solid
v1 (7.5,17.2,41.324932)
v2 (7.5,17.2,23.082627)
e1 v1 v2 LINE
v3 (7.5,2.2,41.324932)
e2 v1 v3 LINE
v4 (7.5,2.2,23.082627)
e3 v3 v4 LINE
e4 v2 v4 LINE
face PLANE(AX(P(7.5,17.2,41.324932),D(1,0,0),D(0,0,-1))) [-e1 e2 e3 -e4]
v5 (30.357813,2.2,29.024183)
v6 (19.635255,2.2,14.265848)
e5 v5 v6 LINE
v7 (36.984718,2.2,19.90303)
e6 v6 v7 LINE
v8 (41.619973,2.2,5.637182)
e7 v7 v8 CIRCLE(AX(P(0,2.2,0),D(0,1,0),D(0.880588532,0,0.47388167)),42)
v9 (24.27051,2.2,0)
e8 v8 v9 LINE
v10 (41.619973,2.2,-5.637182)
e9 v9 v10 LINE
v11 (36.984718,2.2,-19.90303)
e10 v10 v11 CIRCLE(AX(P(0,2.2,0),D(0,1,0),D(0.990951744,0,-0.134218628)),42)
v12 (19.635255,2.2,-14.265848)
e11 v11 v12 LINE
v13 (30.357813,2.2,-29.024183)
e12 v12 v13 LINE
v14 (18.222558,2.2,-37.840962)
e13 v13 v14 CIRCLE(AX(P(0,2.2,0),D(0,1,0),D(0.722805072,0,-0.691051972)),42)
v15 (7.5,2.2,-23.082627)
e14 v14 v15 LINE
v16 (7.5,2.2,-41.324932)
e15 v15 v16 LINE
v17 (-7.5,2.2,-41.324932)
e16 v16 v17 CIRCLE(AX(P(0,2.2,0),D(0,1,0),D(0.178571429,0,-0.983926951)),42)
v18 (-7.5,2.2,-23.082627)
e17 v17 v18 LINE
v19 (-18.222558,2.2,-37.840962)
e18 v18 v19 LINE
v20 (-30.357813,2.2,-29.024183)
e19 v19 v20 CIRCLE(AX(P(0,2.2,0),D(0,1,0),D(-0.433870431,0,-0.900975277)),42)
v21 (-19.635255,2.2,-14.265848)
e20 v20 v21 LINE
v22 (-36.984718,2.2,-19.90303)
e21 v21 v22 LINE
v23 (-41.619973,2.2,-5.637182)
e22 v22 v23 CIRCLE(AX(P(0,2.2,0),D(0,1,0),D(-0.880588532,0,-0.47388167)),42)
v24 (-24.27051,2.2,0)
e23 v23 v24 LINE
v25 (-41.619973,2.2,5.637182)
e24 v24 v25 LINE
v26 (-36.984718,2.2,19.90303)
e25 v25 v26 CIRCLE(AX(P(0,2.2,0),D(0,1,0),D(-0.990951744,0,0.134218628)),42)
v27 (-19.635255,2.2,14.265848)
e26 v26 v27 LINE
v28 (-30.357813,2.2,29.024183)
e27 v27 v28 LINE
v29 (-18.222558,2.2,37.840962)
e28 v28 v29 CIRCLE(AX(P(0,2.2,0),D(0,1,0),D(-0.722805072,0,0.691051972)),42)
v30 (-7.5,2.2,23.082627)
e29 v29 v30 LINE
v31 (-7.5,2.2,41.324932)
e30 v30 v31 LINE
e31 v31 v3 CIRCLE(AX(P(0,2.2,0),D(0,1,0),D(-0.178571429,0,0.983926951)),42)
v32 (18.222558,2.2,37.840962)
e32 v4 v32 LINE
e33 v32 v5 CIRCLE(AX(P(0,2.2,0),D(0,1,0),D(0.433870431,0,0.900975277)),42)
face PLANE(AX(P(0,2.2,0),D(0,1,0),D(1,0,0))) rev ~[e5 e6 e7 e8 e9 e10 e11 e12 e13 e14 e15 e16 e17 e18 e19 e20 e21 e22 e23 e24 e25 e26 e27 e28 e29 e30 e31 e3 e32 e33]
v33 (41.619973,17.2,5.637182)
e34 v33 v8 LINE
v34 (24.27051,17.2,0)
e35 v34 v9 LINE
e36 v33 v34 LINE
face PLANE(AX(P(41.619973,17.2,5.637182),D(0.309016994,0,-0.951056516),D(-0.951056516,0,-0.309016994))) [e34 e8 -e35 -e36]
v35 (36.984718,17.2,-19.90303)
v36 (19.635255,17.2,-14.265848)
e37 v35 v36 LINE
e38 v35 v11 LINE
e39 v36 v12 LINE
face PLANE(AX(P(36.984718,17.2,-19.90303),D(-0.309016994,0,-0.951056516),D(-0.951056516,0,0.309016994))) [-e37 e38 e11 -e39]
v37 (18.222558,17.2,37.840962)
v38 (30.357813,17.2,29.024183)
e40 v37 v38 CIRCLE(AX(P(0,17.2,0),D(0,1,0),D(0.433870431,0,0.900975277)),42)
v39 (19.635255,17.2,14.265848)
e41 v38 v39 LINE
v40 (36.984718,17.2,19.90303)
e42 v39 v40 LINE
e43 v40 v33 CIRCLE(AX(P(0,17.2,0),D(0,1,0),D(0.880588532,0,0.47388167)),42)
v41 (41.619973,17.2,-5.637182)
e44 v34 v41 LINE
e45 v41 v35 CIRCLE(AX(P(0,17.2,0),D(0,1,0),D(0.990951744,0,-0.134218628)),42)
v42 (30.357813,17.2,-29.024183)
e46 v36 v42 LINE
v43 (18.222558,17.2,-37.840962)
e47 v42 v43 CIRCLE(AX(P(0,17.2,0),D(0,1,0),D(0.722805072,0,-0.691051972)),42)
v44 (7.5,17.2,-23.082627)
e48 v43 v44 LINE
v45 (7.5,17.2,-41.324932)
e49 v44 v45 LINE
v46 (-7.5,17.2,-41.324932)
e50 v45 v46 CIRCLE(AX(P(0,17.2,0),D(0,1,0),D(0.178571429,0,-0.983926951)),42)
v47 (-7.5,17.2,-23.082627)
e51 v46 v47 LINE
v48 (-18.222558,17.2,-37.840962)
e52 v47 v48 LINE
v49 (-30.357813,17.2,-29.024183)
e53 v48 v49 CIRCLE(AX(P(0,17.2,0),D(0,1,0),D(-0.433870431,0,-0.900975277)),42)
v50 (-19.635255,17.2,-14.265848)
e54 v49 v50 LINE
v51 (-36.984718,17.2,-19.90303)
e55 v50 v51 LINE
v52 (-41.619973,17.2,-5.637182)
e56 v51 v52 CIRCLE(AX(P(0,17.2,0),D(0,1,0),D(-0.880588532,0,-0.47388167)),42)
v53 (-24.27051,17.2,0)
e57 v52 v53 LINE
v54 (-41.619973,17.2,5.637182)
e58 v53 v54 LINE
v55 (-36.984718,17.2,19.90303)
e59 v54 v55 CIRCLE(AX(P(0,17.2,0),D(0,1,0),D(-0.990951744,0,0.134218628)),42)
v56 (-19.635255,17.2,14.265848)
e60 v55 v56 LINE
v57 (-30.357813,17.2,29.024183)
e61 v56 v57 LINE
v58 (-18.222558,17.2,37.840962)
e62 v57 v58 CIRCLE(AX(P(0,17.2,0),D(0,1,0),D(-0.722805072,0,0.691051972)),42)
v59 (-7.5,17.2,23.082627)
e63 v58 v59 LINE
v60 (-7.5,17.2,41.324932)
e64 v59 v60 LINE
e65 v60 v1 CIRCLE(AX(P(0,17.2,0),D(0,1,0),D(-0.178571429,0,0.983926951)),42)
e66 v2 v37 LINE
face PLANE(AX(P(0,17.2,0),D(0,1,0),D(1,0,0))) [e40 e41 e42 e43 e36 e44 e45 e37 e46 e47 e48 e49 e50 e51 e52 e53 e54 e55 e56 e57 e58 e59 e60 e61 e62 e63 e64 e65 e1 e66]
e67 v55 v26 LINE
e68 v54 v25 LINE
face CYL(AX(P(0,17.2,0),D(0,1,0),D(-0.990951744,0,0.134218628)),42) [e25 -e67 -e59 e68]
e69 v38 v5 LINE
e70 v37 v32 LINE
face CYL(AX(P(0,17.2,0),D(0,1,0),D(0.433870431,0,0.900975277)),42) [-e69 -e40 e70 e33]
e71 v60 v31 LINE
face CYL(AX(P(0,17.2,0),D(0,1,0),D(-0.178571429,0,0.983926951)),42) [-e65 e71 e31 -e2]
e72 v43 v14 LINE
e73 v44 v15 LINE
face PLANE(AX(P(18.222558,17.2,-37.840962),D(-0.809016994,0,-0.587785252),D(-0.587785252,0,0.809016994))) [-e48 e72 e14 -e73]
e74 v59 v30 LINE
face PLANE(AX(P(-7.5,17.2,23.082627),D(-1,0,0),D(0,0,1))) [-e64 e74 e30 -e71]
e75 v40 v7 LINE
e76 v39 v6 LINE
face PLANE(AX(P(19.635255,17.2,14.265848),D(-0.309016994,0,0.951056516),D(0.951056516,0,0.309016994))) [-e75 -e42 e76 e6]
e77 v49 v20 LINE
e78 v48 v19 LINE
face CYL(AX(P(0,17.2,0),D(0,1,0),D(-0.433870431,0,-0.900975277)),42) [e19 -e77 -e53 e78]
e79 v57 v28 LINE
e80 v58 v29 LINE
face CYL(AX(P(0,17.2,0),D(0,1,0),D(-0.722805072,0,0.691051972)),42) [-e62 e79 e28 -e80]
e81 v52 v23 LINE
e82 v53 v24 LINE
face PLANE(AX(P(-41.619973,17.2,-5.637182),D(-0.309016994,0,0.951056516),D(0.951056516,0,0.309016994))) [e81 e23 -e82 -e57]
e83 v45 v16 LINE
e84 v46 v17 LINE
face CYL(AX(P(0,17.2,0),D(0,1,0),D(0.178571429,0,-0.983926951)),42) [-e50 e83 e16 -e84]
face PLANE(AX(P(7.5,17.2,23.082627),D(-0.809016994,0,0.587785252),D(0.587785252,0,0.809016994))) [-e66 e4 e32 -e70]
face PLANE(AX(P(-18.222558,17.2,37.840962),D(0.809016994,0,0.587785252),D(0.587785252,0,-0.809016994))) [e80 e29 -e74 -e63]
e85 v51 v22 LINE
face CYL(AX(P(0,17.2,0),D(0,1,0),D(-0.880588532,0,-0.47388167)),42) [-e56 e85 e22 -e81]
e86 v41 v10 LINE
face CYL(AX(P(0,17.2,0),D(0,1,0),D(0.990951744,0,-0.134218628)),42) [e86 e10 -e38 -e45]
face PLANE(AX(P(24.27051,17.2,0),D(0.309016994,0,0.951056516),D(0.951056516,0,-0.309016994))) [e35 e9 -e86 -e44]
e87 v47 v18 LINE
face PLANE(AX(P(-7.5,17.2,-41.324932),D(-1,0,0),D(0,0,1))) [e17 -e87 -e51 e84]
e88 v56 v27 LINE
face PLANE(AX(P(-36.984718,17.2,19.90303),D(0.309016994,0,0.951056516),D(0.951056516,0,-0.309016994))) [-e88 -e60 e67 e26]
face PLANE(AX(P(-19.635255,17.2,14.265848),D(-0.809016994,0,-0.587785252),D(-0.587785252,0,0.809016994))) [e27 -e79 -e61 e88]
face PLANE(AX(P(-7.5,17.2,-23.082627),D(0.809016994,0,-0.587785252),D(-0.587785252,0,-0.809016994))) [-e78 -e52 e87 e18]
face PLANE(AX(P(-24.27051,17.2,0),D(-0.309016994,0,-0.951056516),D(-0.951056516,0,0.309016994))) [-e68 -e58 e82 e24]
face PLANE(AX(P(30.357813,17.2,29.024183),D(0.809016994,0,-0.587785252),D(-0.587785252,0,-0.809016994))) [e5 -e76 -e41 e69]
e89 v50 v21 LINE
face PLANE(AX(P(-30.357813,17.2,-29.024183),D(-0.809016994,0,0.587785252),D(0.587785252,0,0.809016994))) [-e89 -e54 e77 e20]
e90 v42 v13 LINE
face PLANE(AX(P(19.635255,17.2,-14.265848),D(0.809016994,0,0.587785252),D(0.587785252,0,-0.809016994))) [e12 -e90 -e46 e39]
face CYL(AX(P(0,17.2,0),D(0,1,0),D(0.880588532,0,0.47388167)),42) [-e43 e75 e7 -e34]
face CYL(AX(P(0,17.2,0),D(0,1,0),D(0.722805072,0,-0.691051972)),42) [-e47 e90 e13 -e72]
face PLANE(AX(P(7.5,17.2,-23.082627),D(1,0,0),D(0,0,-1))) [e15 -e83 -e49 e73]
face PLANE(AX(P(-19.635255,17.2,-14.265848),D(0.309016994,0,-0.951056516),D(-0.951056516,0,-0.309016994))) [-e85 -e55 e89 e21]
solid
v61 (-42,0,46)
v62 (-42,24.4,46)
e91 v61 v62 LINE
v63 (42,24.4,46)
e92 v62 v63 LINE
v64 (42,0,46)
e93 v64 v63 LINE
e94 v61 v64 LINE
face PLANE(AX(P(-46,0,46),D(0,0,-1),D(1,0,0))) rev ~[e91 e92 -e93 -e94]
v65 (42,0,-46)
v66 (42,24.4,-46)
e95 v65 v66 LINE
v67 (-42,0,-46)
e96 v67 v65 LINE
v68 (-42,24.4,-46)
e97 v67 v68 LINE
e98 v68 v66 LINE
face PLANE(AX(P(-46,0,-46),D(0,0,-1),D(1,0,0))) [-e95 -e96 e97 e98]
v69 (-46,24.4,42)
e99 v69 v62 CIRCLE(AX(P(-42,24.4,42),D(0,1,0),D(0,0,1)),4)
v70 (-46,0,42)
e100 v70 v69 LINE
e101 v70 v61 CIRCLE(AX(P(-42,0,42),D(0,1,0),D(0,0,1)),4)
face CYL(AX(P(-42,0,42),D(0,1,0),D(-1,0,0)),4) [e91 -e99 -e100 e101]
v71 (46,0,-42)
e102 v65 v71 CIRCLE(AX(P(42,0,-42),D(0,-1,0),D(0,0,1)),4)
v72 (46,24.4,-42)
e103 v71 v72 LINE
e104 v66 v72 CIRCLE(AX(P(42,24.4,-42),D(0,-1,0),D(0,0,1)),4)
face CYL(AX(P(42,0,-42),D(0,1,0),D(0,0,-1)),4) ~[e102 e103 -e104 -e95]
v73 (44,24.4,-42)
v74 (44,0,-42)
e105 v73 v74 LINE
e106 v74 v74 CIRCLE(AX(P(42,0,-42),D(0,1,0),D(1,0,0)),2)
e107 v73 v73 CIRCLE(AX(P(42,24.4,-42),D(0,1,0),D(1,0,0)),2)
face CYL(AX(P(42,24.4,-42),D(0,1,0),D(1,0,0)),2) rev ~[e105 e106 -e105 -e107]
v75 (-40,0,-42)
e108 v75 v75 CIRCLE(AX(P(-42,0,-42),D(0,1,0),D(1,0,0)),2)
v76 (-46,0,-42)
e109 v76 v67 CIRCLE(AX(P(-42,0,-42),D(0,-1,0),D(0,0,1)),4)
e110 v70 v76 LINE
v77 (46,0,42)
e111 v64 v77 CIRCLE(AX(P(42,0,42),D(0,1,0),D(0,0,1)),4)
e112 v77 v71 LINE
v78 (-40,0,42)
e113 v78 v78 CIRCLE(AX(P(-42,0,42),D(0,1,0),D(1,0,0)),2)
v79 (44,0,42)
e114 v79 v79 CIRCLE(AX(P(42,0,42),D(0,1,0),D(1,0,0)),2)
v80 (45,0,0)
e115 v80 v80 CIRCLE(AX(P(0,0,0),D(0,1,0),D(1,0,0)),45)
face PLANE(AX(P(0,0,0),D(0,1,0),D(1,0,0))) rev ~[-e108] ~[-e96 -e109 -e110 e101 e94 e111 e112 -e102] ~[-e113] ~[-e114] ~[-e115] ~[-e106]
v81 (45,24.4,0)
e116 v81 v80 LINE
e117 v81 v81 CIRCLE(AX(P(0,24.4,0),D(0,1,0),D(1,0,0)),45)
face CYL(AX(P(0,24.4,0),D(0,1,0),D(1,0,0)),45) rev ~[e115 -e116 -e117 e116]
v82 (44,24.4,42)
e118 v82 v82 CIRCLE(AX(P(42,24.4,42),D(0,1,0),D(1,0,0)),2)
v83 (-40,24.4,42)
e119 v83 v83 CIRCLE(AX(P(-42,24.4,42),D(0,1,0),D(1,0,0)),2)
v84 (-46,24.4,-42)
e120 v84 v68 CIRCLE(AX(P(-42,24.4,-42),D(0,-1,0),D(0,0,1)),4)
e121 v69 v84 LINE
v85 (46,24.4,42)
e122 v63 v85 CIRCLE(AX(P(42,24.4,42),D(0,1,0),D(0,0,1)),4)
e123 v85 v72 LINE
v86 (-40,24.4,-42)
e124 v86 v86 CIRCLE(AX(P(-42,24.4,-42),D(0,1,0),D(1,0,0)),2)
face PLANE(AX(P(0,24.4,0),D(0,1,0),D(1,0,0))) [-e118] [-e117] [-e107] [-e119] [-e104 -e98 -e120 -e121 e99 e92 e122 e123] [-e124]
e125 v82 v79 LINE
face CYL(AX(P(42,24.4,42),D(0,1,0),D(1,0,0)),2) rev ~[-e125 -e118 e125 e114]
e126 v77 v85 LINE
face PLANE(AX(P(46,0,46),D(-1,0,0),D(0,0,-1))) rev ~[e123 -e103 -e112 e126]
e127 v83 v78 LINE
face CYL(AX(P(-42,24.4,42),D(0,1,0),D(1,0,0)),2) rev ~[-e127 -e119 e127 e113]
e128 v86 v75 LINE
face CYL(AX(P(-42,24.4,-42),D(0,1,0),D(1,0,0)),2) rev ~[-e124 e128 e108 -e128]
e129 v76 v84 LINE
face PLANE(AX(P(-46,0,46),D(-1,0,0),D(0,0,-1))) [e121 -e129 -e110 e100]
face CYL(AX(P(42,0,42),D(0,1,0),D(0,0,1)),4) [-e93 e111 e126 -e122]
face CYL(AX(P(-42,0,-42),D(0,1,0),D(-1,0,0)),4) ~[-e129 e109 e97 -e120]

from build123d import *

# Parameters (mm, degrees)
ESBO_O1_W                = 92
ESBO_O1_H                = 92
RESSALTO_EXTRUS_O1_DEPTH = 24.4
ESBO_O2_R                = 2
CORTE_EXTRUS_O1_DEPTH    = 25.4
FILETE1_R                = 4
ESBO_O3_R                = 45
CORTE_EXTRUS_O3_DEPTH    = 25.4
RESSALTO_EXTRUS_O2_DEPTH = 15


with BuildPart() as part:
    # Esboço1 → Ressalto-extrusão1 (new body)
    with BuildSketch(Plane(origin=(0, 0, 0), x_dir=(1, 0, 0), z_dir=(0, 1, 0))):
        Rectangle(ESBO_O1_W, ESBO_O1_H)
    extrude(amount=RESSALTO_EXTRUS_O1_DEPTH)

    # Esboço2 → Corte-extrusão1 (cut, through all)
    with BuildSketch(Plane(origin=(0, 24.4, 0), x_dir=(1, 0, 0), z_dir=(0, 1, 0))):
        with Locations((42, 42)):
            Circle(ESBO_O2_R)
        with Locations((-42, 42)):
            Circle(ESBO_O2_R)
        with Locations((42, -42)):
            Circle(ESBO_O2_R)
        with Locations((-42, -42)):
            Circle(ESBO_O2_R)
    extrude(amount=-CORTE_EXTRUS_O1_DEPTH, mode=Mode.SUBTRACT)

    # Filete1
    filete1_edges = [part.edges().sort_by_distance(p)[0] for p in [
        (-46, 12.2, -46),
        (46, 12.2, -46),
        (46, 12.2, 46),
        (-46, 12.2, 46),
    ]]
    fillet(filete1_edges, radius=FILETE1_R)

    # Esboço3 → Corte-extrusão3 (cut, through all)
    with BuildSketch(Plane(origin=(0, 24.4, 0), x_dir=(1, 0, 0), z_dir=(0, 1, 0))):
        Circle(ESBO_O3_R)
    extrude(amount=-CORTE_EXTRUS_O3_DEPTH, mode=Mode.SUBTRACT)


with BuildPart() as body_2:
    # Esboço4 → Ressalto-extrusão2 (new body)
    with BuildSketch(Plane(origin=(0, 17.2, 0), x_dir=(1, 0, 0), z_dir=(0, 1, 0))):
        with BuildLine():
            Line((-7.5, 41.324931942), (-7.5, 23.082626529))
            Line((-7.5, 23.082626529), (-18.22255809, 37.840961625))
            ThreePointArc((-18.22255809, 37.840961625), (-24.686980596, 33.978713764), (-30.357813005, 29.02418284))
            Line((-30.357813005, 29.02418284), (-19.635254916, 14.265847744))
            Line((-19.635254916, 14.265847744), (-36.984718351, 19.903030134))
            ThreePointArc((-36.984718351, 19.903030134), (-39.944373684, 12.978713764), (-41.619973267, 5.637182389))
            Line((-41.619973267, 5.637182389), (-24.270509831, 0))
            Line((-24.270509831, 0), (-41.619973267, -5.637182389))
            ThreePointArc((-41.619973267, -5.637182389), (-39.944373684, -12.978713764), (-36.984718351, -19.903030134))
            Line((-36.984718351, -19.903030134), (-19.635254916, -14.265847744))
            Line((-19.635254916, -14.265847744), (-30.357813005, -29.02418284))
            ThreePointArc((-30.357813005, -29.02418284), (-24.686980596, -33.978713764), (-18.22255809, -37.840961625))
            Line((-18.22255809, -37.840961625), (-7.5, -23.082626529))
            Line((-7.5, -23.082626529), (-7.5, -41.324931942))
            ThreePointArc((-7.5, -41.324931942), (0, -42), (7.5, -41.324931942))
            Line((7.5, -41.324931942), (7.5, -23.082626529))
            Line((7.5, -23.082626529), (18.22255809, -37.840961625))
            ThreePointArc((18.22255809, -37.840961625), (24.686980596, -33.978713764), (30.357813005, -29.02418284))
            Line((30.357813005, -29.02418284), (19.635254916, -14.265847744))
            Line((19.635254916, -14.265847744), (36.984718351, -19.903030134))
            ThreePointArc((36.984718351, -19.903030134), (39.944373684, -12.978713764), (41.619973267, -5.637182389))
            Line((41.619973267, -5.637182389), (24.270509831, 0))
            Line((24.270509831, 0), (41.619973267, 5.637182389))
            ThreePointArc((41.619973267, 5.637182389), (39.944373684, 12.978713764), (36.984718351, 19.903030134))
            Line((36.984718351, 19.903030134), (19.635254916, 14.265847744))
            Line((19.635254916, 14.265847744), (30.357813005, 29.02418284))
            ThreePointArc((30.357813005, 29.02418284), (24.686980596, 33.978713764), (18.22255809, 37.840961625))
            Line((18.22255809, 37.840961625), (7.5, 23.082626529))
            Line((7.5, 23.082626529), (7.5, 41.324931942))
            ThreePointArc((7.5, 41.324931942), (0, 42), (-7.5, 41.324931942))
        make_face()
    extrude(amount=-RESSALTO_EXTRUS_O2_DEPTH)


solid = Compound([part.part, body_2.part])
